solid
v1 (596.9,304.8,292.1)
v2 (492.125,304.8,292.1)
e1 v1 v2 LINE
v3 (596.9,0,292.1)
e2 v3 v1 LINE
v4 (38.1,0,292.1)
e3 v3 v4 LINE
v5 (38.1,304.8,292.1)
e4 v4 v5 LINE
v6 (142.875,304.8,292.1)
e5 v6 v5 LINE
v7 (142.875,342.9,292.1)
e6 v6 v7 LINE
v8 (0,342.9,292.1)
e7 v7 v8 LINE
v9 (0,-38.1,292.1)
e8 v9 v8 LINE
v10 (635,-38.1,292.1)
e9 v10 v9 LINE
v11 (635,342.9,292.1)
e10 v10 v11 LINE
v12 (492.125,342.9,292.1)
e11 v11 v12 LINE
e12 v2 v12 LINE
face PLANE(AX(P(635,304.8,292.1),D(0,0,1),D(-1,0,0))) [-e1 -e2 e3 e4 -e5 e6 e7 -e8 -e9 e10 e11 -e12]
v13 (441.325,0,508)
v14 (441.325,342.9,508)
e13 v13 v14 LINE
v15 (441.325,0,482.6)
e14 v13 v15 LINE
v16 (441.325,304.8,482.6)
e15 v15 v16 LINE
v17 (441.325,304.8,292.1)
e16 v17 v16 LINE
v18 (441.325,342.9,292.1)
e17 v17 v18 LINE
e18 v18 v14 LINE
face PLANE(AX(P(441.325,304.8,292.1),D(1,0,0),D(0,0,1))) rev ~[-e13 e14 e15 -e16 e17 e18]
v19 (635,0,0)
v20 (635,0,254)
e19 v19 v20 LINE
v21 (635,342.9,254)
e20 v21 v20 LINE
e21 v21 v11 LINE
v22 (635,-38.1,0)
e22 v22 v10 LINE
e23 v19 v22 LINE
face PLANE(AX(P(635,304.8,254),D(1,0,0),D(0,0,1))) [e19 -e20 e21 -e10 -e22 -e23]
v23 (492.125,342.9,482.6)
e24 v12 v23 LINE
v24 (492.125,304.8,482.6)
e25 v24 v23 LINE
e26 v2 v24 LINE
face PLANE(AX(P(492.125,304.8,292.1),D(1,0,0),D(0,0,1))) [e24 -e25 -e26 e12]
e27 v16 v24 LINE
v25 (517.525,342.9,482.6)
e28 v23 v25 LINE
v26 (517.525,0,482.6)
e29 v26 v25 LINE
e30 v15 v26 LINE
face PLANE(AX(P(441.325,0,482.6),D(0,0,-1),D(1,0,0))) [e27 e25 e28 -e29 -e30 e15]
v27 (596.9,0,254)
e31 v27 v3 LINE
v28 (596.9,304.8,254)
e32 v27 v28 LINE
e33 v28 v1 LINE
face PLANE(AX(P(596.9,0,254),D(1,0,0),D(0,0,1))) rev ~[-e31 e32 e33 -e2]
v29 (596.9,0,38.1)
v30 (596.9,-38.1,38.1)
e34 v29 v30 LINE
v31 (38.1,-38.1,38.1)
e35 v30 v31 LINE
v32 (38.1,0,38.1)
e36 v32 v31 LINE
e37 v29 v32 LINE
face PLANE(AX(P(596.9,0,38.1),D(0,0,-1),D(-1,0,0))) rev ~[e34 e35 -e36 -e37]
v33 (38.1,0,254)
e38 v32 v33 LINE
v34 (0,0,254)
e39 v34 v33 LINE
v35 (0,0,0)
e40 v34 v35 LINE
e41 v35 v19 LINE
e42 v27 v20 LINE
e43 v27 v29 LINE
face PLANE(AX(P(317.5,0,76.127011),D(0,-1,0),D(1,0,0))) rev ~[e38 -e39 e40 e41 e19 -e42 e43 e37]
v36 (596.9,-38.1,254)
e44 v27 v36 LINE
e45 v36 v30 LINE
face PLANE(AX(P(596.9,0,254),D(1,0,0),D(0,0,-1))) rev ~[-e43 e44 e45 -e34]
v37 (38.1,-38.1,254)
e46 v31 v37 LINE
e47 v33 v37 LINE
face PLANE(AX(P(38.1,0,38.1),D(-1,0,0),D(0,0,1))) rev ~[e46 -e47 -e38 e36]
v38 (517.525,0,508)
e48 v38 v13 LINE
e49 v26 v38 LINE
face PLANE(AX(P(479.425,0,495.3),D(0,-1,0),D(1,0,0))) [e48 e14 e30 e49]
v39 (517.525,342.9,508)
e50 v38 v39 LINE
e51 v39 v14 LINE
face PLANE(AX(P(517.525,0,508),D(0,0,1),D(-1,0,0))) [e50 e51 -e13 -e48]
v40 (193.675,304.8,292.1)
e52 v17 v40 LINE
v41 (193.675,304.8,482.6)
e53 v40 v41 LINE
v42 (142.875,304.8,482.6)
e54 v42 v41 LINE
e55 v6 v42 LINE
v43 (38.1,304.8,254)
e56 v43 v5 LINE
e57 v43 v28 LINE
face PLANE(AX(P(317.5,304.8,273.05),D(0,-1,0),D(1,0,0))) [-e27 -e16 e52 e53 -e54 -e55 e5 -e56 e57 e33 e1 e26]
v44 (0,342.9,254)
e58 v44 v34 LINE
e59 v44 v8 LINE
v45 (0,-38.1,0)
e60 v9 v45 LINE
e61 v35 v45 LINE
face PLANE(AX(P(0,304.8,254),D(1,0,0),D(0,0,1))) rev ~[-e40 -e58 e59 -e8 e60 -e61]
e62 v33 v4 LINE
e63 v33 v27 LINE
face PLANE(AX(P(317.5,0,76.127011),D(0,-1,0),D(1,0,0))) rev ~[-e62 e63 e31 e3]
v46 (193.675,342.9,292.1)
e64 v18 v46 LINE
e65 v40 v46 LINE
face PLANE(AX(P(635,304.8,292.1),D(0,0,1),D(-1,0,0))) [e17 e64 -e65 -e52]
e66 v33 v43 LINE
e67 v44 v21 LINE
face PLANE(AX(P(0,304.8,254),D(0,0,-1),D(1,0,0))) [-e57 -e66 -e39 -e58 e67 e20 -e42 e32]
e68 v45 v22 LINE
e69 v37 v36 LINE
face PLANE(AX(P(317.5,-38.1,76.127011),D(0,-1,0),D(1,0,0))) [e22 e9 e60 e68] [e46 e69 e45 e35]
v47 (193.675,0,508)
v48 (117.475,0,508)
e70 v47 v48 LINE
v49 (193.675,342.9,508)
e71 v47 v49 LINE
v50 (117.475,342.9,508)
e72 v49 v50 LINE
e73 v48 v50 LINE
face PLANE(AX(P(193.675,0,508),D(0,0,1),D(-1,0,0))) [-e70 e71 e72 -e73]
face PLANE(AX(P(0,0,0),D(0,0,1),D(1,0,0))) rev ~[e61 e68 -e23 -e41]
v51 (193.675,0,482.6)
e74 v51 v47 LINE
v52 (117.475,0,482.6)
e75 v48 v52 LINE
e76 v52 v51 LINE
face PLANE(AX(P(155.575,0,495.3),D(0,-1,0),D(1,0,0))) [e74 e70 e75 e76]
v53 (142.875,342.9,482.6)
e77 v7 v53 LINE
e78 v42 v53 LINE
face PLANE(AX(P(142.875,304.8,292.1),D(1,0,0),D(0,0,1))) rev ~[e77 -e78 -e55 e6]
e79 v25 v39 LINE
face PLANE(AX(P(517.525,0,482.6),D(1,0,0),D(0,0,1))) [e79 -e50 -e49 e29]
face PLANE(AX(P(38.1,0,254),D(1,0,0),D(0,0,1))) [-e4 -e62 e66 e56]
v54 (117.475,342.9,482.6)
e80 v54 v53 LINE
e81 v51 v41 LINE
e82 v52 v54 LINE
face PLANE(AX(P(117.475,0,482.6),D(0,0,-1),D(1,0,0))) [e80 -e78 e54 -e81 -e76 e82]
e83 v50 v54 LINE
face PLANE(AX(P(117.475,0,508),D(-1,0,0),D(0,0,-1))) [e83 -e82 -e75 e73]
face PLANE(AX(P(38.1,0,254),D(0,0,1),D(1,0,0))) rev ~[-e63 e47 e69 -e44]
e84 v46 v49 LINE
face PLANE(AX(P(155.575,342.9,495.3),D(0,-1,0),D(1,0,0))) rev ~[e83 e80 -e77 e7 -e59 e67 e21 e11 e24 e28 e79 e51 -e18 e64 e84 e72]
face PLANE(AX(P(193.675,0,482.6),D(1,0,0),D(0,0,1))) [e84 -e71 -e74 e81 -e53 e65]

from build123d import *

# Parameters (mm, degrees)
F0_W     = 38.1
F0_H     = 38.1
F1_DEPTH = 38.1
F2_DEPTH = 304.8
F3_START = -304.8
F3_DEPTH = 38.1
F4_START = -304.8
F0_W_2   = 50.8
F0_H_2   = 190.5
F4_DEPTH = 38.1
F5_DEPTH = 342.9


with BuildPart() as f1:
    # F0 (on Front) → F1 (new body)
    with BuildSketch(Plane.XZ):
        Polygon((596.9, 38.1), (38.1, 38.1), (38.1, 254), (0, 254), (0, 0), (635, 0), (635, 254), (596.9, 254), align=None)
        with Locations((19.05, 273.05)):
            Rectangle(F0_W, F0_H)
        Polygon((38.1, 292.1), (38.1, 254), (596.9, 254), (596.9, 292.1), (492.125, 292.1), (441.325, 292.1), (193.675, 292.1), (142.875, 292.1), align=None)
        with Locations((615.95, 273.05)):
            Rectangle(F0_W, F0_H)
    extrude(amount=F1_DEPTH)

    # F0 (on Front) → F2 (join)
    with BuildSketch(Plane.XZ):
        with Locations((19.05, 273.05)):
            Rectangle(F0_W, F0_H)
        with Locations((615.95, 273.05)):
            Rectangle(F0_W, F0_H)
    extrude(amount=-F2_DEPTH)

    # F0 (on Front) → F3 (join)
    with BuildSketch(Plane.XZ.offset(F3_START)):
        Polygon((38.1, 292.1), (38.1, 254), (596.9, 254), (596.9, 292.1), (492.125, 292.1), (441.325, 292.1), (193.675, 292.1), (142.875, 292.1), align=None)
        with Locations((19.05, 273.05)):
            Rectangle(F0_W, F0_H)
        with Locations((615.95, 273.05)):
            Rectangle(F0_W, F0_H)
    extrude(amount=-F3_DEPTH)

    # F0 (on Front) → F4 (join)
    with BuildSketch(Plane.XZ.offset(F4_START)):
        with Locations((168.275, 387.35)):
            Rectangle(F0_W_2, F0_H_2)
        with Locations((466.725, 387.35)):
            Rectangle(F0_W_2, F0_H_2)
    extrude(amount=-F4_DEPTH)

    # F0 (on Front) → F5 (join)
    with BuildSketch(Plane.XZ):
        Polygon((117.475, 482.6), (142.875, 482.6), (193.675, 482.6), (193.675, 508), (117.475, 508), align=None)
        Polygon((441.325, 482.6), (492.125, 482.6), (517.525, 482.6), (517.525, 508), (441.325, 508), align=None)
    extrude(amount=-F5_DEPTH)


solid = f1.part
